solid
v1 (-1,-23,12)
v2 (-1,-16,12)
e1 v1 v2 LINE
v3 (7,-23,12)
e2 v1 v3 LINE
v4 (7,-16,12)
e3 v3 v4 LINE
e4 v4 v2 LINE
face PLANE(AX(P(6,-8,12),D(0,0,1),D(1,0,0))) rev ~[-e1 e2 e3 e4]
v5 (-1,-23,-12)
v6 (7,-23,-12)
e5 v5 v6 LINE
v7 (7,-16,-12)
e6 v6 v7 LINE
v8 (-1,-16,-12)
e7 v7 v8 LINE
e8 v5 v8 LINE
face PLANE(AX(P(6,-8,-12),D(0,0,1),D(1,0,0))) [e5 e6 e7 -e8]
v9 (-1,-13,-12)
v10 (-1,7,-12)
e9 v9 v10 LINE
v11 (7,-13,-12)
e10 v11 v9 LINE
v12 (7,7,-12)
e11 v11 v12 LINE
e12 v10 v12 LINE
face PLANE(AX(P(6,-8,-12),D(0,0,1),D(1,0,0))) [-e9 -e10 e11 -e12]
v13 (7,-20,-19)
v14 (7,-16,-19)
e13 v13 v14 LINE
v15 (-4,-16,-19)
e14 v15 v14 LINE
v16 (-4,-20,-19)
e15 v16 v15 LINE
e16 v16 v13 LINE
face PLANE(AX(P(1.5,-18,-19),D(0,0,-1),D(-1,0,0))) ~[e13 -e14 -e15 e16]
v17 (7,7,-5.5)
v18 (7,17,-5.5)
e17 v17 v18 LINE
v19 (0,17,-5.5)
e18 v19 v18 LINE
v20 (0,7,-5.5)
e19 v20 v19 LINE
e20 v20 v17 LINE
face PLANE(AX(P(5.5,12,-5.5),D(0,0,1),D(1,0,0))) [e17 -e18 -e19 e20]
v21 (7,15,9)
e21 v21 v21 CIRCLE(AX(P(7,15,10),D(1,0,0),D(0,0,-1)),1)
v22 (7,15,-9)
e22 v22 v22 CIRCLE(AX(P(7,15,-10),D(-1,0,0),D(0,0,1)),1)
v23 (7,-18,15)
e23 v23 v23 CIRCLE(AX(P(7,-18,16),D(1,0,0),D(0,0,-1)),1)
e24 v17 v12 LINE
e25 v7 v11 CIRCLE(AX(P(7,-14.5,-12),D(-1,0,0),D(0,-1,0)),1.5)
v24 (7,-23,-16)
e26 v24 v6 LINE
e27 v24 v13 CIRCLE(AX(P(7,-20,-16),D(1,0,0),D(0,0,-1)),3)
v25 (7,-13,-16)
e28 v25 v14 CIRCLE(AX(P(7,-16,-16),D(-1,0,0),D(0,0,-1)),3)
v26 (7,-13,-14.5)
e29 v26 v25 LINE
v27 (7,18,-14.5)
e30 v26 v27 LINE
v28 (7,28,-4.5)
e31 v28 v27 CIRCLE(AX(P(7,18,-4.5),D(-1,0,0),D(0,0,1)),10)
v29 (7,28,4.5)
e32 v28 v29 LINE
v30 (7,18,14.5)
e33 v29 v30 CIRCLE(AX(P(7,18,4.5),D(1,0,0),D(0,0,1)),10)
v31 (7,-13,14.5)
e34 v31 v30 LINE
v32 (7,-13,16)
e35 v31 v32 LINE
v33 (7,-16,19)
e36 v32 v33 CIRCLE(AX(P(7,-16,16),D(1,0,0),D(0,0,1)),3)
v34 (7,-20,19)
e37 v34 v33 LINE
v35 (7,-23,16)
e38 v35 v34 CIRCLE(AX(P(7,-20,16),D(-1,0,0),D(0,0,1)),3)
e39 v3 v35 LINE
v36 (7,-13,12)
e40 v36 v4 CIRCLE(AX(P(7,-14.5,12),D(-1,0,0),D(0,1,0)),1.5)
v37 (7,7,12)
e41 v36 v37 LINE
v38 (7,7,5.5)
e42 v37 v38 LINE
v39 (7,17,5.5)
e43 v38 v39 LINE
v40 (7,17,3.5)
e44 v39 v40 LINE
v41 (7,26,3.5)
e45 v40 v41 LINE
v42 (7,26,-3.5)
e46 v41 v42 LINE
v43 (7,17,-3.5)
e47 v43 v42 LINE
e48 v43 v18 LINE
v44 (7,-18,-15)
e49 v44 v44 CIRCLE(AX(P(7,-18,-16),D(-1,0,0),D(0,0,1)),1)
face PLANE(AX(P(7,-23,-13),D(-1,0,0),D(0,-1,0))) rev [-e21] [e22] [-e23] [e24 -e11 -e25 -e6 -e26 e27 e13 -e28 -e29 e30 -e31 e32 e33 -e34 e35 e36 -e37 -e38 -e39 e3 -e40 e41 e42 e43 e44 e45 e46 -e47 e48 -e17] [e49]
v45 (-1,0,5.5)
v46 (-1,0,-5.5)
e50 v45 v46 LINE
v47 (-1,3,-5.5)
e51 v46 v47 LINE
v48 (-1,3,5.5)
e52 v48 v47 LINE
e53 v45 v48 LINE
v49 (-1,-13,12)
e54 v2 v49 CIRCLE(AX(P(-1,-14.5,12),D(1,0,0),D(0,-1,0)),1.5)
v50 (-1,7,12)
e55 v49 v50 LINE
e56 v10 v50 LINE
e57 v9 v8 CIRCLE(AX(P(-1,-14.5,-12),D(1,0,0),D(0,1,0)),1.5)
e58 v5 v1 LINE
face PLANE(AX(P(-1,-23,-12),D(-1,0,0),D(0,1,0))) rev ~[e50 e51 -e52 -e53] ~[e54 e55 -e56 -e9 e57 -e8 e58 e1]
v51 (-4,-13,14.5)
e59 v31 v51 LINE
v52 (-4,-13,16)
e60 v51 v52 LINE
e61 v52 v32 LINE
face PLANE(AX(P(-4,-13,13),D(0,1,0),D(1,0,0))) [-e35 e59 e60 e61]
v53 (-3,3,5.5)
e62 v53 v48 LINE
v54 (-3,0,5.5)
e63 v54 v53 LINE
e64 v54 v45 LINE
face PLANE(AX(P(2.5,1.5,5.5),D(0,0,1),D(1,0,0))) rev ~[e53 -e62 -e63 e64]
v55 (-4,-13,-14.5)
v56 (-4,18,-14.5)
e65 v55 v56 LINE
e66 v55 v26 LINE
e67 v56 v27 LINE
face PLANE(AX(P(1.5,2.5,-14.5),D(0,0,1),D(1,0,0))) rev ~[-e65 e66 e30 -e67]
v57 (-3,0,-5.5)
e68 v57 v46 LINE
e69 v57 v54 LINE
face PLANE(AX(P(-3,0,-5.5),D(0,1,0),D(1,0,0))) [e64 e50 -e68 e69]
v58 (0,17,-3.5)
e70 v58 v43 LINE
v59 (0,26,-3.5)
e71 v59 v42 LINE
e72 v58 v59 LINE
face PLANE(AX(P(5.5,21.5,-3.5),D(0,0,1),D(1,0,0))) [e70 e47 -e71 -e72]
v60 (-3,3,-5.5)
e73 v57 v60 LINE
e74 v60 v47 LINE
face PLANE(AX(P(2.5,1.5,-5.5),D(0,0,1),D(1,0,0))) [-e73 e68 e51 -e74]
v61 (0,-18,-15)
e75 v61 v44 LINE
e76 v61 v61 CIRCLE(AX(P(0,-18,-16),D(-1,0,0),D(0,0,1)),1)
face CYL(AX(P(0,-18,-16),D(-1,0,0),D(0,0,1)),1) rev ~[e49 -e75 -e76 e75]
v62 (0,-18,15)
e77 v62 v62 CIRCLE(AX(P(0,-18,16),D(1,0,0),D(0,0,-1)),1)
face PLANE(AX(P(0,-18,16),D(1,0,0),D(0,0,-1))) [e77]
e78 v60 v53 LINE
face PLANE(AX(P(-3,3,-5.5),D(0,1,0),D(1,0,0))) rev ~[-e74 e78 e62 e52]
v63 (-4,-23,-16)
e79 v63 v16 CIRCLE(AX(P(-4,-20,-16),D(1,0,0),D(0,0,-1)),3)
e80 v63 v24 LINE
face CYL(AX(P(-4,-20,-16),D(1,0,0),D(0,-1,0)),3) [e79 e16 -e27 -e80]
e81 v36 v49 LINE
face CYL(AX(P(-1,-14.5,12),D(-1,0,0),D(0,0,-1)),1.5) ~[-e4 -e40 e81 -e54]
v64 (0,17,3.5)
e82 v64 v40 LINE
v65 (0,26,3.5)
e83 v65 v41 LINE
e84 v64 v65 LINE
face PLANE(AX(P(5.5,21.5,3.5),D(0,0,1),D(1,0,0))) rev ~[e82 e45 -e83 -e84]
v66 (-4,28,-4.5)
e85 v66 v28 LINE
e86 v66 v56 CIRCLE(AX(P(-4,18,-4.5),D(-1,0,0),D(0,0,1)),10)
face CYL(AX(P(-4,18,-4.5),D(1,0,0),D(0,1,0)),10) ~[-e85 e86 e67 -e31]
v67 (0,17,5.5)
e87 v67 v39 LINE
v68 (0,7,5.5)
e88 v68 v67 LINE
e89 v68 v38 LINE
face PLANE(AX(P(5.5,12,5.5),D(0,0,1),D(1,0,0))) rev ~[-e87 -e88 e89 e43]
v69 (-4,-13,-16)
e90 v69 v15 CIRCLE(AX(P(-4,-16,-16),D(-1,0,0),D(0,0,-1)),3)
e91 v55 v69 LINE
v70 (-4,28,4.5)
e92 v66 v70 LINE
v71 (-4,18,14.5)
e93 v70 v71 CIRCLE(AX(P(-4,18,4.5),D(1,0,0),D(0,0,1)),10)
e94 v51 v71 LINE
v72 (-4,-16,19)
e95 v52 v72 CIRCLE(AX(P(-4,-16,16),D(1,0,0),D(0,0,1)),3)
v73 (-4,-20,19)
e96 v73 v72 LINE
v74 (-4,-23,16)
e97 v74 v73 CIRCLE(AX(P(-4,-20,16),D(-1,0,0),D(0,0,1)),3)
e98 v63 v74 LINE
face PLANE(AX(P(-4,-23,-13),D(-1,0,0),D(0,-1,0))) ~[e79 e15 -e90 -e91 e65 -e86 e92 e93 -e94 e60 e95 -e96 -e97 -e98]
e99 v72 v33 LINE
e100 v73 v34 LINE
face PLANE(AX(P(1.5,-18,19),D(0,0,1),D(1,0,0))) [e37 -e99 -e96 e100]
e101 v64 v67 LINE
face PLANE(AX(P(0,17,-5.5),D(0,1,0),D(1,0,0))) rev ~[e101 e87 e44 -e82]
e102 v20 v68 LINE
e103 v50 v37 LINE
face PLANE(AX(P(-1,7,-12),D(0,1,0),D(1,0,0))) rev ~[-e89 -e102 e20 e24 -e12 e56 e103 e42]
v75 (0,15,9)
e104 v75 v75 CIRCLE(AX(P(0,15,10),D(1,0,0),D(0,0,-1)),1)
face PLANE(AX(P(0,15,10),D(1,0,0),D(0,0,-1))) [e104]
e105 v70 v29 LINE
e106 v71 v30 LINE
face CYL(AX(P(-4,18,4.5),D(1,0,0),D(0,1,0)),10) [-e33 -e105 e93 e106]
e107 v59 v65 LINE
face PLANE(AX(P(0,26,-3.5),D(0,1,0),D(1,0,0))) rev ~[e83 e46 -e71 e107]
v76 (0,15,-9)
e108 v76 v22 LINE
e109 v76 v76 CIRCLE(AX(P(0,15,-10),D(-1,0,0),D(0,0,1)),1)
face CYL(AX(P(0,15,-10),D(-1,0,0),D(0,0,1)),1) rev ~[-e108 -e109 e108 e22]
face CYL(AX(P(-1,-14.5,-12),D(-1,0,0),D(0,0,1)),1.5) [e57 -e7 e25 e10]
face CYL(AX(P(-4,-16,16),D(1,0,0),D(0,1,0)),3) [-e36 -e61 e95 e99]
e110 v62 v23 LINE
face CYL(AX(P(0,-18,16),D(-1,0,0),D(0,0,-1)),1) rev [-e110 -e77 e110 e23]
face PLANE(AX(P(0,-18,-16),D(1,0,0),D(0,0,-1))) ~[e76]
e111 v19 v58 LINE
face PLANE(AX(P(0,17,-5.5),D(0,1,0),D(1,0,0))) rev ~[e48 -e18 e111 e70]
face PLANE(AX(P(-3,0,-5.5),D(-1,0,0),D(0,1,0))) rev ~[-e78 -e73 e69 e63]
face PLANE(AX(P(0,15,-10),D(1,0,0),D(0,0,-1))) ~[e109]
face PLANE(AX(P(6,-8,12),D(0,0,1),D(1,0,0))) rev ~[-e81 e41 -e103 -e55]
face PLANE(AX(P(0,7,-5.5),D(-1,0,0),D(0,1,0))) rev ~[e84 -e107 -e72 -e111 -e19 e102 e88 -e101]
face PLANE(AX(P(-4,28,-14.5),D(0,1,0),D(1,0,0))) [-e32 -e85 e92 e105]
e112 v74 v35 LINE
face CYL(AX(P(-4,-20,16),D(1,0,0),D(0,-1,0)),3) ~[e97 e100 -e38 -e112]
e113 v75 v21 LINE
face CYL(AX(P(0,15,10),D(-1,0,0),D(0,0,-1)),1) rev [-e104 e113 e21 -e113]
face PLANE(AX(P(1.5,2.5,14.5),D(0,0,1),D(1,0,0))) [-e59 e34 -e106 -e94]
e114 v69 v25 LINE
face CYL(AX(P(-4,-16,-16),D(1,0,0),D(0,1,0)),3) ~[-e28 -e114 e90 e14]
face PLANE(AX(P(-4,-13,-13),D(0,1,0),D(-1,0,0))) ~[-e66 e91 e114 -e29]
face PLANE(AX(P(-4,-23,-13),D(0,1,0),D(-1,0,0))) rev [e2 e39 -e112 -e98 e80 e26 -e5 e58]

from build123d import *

# Parameters (mm, degrees)
CYLINDER_R        = 1.5
CYLINDER_DEPTH    = 8
CYLINDER002_R     = 1
CYLINDER002_DEPTH = 7
BOX005_W          = 11
BOX005_H          = 10
BOX005_DEPTH      = 6
FILLET001_R       = 3
BOX_W             = 14
BOX_H             = 30
BOX_DEPTH         = 24
BOX003_W          = 11
BOX003_H          = 3
BOX003_DEPTH      = 11
BOX004_W          = 11
BOX004_H          = 9
BOX004_DEPTH      = 7
CYLINDER001_R     = 1
CYLINDER001_DEPTH = 7
BOX002_W          = 11
BOX002_H          = 10
BOX002_DEPTH      = 11
BOX001_W          = 11
BOX001_H          = 51
BOX001_DEPTH      = 29
FILLET_R          = 10


with BuildPart() as side_cylinder:
    # Cylinder → Cylinder (new body)
    with BuildSketch(Plane(origin=(-1, -14.5, 12), x_dir=(0, 0, -1), z_dir=(1, 0, 0))):
        Circle(CYLINDER_R)
    extrude(amount=CYLINDER_DEPTH)


with BuildPart() as part_mirroring:
    # Part__Mirroring: instance of side cylinder
    add(side_cylinder.part.mirror(Plane(origin=(0, 0, 0), x_dir=(0, 1, 0), z_dir=(0, 0, 1))))


with BuildPart() as screw_hole_cylinder001:
    # Cylinder002 → Cylinder002 (new body)
    with BuildSketch(Plane(origin=(0, -18, 16), x_dir=(0, 0, -1), z_dir=(1, 0, 0))):
        Circle(CYLINDER002_R)
    extrude(amount=CYLINDER002_DEPTH)


with BuildPart() as cut001:
    # Box005 → Box005 (new body)
    with BuildSketch(Plane(origin=(-4, -23, 13), x_dir=(1, 0, 0), z_dir=(0, 0, 1))):
        with Locations((5.5, 5)):
            Rectangle(BOX005_W, BOX005_H)
    extrude(amount=BOX005_DEPTH)

    # Fillet001
    fillet001_edges = [cut001.edges().sort_by_distance(p)[0] for p in [
        (1.5, -23, 19),
        (1.5, -13, 19),
    ]]
    fillet(fillet001_edges, radius=FILLET001_R)

    # Cut001: cut screw hole cylinder001
    add(screw_hole_cylinder001.part, mode=Mode.SUBTRACT)


with BuildPart() as part_mirroring002:
    # Part__Mirroring002: instance of Cut001
    add(cut001.part.mirror(Plane(origin=(0, 0, 0), x_dir=(0, 1, 0), z_dir=(0, 0, 1))))


with BuildPart() as extract_cube:
    # Box → Box (new body)
    with BuildSketch(Plane(origin=(-1, -23, -12), x_dir=(1, 0, 0), z_dir=(0, 0, 1))):
        with Locations((7, 15)):
            Rectangle(BOX_W, BOX_H)
    extrude(amount=BOX_DEPTH)


with BuildPart() as pins_extraction_cube:
    # Box003 → Box003 (new body)
    with BuildSketch(Plane(origin=(-3, 0, -5.5), x_dir=(1, 0, 0), z_dir=(0, 0, 1))):
        with Locations((5.5, 1.5)):
            Rectangle(BOX003_W, BOX003_H)
    extrude(amount=BOX003_DEPTH)


with BuildPart() as wire_extract_cube:
    # Box004 → Box004 (new body)
    with BuildSketch(Plane(origin=(0, 17, -3.5), x_dir=(1, 0, 0), z_dir=(0, 0, 1))):
        with Locations((5.5, 4.5)):
            Rectangle(BOX004_W, BOX004_H)
    extrude(amount=BOX004_DEPTH)


with BuildPart() as screw_hole_cylinder:
    # Cylinder001 → Cylinder001 (new body)
    with BuildSketch(Plane(origin=(0, 15, 10), x_dir=(0, 0, -1), z_dir=(1, 0, 0))):
        Circle(CYLINDER001_R)
    extrude(amount=CYLINDER001_DEPTH)


with BuildPart() as part_mirroring001:
    # Part__Mirroring001: instance of screw hole cylinder
    add(screw_hole_cylinder.part.mirror(Plane(origin=(0, 0, 0), x_dir=(0, 1, 0), z_dir=(0, 0, 1))))


with BuildPart() as extract_fusion:
    # Box002 → Box002 (new body)
    with BuildSketch(Plane(origin=(0, 7, -5.5), x_dir=(1, 0, 0), z_dir=(0, 0, 1))):
        with Locations((5.5, 5)):
            Rectangle(BOX002_W, BOX002_H)
    extrude(amount=BOX002_DEPTH)

    # Fusion: union extract cube, pins extraction cube, wire extract cube, Part__Mirroring001, screw hole cylinder
    add(extract_cube.part)
    add(pins_extraction_cube.part)
    add(wire_extract_cube.part)
    add(part_mirroring001.part)
    add(screw_hole_cylinder.part)


with BuildPart() as body_fusion:
    # Box001 → Box001 (new body)
    with BuildSketch(Plane(origin=(-4, -23, -14.5), x_dir=(1, 0, 0), z_dir=(0, 0, 1))):
        with Locations((5.5, 25.5)):
            Rectangle(BOX001_W, BOX001_H)
    extrude(amount=BOX001_DEPTH)

    # Fillet
    fillet_edges = [body_fusion.edges().sort_by_distance(p)[0] for p in [
        (1.5, 28, -14.5),
        (1.5, 28, 14.5),
    ]]
    fillet(fillet_edges, radius=FILLET_R)

    # Cut: cut extract fusion
    add(extract_fusion.part, mode=Mode.SUBTRACT)

    # Fusion001: union Part__Mirroring, side cylinder, Part__Mirroring002, Cut001
    add(part_mirroring.part)
    add(side_cylinder.part)
    add(part_mirroring002.part)
    add(cut001.part)


solid = body_fusion.part
